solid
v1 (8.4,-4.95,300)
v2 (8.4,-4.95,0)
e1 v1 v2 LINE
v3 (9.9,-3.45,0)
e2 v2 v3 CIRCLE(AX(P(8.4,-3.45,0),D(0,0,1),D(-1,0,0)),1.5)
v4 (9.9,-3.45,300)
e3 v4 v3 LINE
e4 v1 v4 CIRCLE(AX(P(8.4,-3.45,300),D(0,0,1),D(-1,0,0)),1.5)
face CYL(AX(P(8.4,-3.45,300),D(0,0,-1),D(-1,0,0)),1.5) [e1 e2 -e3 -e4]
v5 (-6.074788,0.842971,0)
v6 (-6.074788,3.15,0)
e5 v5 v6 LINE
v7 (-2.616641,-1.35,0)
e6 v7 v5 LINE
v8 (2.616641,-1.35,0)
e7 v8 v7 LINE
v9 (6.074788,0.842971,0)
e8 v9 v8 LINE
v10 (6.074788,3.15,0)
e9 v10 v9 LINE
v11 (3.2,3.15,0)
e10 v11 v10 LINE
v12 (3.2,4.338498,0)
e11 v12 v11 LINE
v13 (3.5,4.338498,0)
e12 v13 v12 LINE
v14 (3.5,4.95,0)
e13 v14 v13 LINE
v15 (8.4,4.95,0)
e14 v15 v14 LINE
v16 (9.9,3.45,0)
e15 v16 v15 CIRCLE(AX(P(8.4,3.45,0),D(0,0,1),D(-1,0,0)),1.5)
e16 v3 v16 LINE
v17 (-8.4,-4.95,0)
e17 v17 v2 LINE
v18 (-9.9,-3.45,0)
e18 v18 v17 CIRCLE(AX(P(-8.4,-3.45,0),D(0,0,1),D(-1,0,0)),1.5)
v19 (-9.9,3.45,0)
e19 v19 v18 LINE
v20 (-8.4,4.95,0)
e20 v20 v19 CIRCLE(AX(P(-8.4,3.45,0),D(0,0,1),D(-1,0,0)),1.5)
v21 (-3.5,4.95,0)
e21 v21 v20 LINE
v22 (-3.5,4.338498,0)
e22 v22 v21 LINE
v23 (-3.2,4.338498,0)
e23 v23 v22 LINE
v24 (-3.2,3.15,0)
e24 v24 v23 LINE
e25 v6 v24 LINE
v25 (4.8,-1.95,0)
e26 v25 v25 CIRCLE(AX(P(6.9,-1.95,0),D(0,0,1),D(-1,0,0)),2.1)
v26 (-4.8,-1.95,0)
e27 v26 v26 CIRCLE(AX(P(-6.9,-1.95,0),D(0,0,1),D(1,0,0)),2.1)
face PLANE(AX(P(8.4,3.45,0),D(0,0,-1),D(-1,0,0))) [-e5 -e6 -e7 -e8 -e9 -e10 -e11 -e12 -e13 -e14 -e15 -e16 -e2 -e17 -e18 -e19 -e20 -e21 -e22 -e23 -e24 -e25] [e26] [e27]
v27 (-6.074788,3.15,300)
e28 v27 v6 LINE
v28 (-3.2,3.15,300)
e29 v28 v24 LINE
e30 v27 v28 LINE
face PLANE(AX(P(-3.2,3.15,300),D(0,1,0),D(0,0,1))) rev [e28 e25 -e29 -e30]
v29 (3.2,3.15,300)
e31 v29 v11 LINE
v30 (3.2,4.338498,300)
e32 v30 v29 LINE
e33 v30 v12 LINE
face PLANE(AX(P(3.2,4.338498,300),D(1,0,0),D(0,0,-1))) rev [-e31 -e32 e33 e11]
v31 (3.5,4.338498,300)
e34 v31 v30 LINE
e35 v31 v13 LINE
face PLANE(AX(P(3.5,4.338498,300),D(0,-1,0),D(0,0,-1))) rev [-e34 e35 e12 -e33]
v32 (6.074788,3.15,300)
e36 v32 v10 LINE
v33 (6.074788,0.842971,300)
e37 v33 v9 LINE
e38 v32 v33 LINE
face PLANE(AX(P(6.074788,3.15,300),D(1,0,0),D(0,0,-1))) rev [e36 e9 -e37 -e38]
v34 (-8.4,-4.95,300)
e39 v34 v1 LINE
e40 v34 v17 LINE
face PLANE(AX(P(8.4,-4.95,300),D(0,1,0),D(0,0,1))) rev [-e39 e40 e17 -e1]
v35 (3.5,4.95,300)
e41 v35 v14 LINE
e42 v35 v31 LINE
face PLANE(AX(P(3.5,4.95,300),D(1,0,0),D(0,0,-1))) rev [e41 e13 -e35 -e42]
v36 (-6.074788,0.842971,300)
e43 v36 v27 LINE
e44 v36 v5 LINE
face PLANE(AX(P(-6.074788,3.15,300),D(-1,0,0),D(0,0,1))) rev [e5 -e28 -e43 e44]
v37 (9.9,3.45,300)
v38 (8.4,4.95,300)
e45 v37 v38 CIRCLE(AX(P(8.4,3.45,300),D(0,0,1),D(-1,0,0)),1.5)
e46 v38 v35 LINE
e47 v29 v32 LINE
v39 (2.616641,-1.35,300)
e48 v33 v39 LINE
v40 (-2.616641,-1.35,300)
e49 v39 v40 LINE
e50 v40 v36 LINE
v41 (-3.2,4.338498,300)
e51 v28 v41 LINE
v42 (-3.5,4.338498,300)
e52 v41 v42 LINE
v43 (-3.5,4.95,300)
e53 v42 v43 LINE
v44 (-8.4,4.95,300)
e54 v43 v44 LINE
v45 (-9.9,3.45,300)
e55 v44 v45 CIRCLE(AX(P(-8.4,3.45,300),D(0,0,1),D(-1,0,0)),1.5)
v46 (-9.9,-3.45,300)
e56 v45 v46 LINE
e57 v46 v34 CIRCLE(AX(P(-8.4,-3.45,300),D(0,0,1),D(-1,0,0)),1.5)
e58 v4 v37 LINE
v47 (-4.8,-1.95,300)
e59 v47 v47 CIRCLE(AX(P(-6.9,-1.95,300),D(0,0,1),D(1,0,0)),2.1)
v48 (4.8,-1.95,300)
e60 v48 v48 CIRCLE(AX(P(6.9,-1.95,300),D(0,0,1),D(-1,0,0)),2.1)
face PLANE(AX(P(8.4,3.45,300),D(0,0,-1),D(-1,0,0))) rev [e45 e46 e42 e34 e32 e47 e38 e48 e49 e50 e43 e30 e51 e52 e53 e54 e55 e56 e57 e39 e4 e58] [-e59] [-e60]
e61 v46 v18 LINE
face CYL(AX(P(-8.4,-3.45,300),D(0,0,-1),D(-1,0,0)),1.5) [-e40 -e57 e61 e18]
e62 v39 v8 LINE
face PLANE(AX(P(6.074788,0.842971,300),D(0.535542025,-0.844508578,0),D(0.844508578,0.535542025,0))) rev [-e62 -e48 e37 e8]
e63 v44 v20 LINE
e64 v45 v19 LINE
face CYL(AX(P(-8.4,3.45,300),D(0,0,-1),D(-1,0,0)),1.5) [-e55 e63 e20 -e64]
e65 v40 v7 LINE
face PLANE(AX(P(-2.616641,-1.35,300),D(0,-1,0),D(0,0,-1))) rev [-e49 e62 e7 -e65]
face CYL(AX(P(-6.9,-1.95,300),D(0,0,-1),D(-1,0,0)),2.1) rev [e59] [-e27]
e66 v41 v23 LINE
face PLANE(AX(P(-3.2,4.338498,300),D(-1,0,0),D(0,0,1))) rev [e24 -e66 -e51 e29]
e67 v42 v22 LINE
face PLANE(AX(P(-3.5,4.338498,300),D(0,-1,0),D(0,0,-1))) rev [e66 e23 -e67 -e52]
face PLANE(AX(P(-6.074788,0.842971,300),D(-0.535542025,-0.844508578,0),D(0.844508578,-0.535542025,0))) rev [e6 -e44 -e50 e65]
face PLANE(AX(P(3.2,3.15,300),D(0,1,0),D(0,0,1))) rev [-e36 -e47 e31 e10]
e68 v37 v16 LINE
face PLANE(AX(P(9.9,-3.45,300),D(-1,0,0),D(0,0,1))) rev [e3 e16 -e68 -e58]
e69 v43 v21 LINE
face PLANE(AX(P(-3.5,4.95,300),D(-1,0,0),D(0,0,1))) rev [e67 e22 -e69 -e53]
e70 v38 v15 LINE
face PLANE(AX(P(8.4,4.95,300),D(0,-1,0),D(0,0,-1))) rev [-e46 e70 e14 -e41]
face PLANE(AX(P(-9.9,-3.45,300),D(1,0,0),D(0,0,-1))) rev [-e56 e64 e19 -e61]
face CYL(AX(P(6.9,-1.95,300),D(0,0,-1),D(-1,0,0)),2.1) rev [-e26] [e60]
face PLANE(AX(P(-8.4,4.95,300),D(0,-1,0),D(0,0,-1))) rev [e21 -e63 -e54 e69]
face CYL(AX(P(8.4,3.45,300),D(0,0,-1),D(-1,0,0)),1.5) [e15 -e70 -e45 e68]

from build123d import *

# Parameters (mm, degrees)
SKETCH_1_R      = 2.1
EXTRUDE_1_DEPTH = 300


with BuildPart() as part:
    # 草图1 → 凸台-拉伸1 (new body)
    with BuildSketch(Plane.XY):
        with BuildLine():
            Line((8.4, -4.95), (-8.4, -4.95))
            ThreePointArc((-8.4, -4.95), (-9.460660172, -4.510660172), (-9.9, -3.45))
            Line((-9.9, -3.45), (-9.9, 3.45))
            ThreePointArc((-9.9, 3.45), (-9.460660172, 4.510660172), (-8.4, 4.95))
            Line((-8.4, 4.95), (-3.5, 4.95))
            Line((-3.5, 4.95), (-3.5, 4.338498403))
            Line((-3.5, 4.338498403), (-3.2, 4.338498403))
            Line((-3.2, 4.338498403), (-3.2, 3.15))
            Line((-3.2, 3.15), (-6.074788311, 3.15))
            Line((-6.074788311, 3.15), (-6.074788311, 0.842971246))
            Line((-6.074788311, 0.842971246), (-2.616641346, -1.35))
            Line((-2.616641346, -1.35), (2.616641346, -1.35))
            Line((2.616641346, -1.35), (6.074788311, 0.842971246))
            Line((6.074788311, 0.842971246), (6.074788311, 3.15))
            Line((6.074788311, 3.15), (3.2, 3.15))
            Line((3.2, 3.15), (3.2, 4.338498403))
            Line((3.2, 4.338498403), (3.5, 4.338498403))
            Line((3.5, 4.338498403), (3.5, 4.95))
            Line((3.5, 4.95), (8.4, 4.95))
            ThreePointArc((8.4, 4.95), (9.460660172, 4.510660172), (9.9, 3.45))
            Line((9.9, 3.45), (9.9, -3.45))
            ThreePointArc((9.9, -3.45), (9.460660172, -4.510660172), (8.4, -4.95))
        make_face()
        with Locations((-6.9, -1.95)):
            Circle(SKETCH_1_R, mode=Mode.SUBTRACT)
        with Locations(Location((6.9, -1.95, 0), (0, 0, 180))):
            Circle(SKETCH_1_R, mode=Mode.SUBTRACT)
    extrude(amount=EXTRUDE_1_DEPTH)


solid = part.part
